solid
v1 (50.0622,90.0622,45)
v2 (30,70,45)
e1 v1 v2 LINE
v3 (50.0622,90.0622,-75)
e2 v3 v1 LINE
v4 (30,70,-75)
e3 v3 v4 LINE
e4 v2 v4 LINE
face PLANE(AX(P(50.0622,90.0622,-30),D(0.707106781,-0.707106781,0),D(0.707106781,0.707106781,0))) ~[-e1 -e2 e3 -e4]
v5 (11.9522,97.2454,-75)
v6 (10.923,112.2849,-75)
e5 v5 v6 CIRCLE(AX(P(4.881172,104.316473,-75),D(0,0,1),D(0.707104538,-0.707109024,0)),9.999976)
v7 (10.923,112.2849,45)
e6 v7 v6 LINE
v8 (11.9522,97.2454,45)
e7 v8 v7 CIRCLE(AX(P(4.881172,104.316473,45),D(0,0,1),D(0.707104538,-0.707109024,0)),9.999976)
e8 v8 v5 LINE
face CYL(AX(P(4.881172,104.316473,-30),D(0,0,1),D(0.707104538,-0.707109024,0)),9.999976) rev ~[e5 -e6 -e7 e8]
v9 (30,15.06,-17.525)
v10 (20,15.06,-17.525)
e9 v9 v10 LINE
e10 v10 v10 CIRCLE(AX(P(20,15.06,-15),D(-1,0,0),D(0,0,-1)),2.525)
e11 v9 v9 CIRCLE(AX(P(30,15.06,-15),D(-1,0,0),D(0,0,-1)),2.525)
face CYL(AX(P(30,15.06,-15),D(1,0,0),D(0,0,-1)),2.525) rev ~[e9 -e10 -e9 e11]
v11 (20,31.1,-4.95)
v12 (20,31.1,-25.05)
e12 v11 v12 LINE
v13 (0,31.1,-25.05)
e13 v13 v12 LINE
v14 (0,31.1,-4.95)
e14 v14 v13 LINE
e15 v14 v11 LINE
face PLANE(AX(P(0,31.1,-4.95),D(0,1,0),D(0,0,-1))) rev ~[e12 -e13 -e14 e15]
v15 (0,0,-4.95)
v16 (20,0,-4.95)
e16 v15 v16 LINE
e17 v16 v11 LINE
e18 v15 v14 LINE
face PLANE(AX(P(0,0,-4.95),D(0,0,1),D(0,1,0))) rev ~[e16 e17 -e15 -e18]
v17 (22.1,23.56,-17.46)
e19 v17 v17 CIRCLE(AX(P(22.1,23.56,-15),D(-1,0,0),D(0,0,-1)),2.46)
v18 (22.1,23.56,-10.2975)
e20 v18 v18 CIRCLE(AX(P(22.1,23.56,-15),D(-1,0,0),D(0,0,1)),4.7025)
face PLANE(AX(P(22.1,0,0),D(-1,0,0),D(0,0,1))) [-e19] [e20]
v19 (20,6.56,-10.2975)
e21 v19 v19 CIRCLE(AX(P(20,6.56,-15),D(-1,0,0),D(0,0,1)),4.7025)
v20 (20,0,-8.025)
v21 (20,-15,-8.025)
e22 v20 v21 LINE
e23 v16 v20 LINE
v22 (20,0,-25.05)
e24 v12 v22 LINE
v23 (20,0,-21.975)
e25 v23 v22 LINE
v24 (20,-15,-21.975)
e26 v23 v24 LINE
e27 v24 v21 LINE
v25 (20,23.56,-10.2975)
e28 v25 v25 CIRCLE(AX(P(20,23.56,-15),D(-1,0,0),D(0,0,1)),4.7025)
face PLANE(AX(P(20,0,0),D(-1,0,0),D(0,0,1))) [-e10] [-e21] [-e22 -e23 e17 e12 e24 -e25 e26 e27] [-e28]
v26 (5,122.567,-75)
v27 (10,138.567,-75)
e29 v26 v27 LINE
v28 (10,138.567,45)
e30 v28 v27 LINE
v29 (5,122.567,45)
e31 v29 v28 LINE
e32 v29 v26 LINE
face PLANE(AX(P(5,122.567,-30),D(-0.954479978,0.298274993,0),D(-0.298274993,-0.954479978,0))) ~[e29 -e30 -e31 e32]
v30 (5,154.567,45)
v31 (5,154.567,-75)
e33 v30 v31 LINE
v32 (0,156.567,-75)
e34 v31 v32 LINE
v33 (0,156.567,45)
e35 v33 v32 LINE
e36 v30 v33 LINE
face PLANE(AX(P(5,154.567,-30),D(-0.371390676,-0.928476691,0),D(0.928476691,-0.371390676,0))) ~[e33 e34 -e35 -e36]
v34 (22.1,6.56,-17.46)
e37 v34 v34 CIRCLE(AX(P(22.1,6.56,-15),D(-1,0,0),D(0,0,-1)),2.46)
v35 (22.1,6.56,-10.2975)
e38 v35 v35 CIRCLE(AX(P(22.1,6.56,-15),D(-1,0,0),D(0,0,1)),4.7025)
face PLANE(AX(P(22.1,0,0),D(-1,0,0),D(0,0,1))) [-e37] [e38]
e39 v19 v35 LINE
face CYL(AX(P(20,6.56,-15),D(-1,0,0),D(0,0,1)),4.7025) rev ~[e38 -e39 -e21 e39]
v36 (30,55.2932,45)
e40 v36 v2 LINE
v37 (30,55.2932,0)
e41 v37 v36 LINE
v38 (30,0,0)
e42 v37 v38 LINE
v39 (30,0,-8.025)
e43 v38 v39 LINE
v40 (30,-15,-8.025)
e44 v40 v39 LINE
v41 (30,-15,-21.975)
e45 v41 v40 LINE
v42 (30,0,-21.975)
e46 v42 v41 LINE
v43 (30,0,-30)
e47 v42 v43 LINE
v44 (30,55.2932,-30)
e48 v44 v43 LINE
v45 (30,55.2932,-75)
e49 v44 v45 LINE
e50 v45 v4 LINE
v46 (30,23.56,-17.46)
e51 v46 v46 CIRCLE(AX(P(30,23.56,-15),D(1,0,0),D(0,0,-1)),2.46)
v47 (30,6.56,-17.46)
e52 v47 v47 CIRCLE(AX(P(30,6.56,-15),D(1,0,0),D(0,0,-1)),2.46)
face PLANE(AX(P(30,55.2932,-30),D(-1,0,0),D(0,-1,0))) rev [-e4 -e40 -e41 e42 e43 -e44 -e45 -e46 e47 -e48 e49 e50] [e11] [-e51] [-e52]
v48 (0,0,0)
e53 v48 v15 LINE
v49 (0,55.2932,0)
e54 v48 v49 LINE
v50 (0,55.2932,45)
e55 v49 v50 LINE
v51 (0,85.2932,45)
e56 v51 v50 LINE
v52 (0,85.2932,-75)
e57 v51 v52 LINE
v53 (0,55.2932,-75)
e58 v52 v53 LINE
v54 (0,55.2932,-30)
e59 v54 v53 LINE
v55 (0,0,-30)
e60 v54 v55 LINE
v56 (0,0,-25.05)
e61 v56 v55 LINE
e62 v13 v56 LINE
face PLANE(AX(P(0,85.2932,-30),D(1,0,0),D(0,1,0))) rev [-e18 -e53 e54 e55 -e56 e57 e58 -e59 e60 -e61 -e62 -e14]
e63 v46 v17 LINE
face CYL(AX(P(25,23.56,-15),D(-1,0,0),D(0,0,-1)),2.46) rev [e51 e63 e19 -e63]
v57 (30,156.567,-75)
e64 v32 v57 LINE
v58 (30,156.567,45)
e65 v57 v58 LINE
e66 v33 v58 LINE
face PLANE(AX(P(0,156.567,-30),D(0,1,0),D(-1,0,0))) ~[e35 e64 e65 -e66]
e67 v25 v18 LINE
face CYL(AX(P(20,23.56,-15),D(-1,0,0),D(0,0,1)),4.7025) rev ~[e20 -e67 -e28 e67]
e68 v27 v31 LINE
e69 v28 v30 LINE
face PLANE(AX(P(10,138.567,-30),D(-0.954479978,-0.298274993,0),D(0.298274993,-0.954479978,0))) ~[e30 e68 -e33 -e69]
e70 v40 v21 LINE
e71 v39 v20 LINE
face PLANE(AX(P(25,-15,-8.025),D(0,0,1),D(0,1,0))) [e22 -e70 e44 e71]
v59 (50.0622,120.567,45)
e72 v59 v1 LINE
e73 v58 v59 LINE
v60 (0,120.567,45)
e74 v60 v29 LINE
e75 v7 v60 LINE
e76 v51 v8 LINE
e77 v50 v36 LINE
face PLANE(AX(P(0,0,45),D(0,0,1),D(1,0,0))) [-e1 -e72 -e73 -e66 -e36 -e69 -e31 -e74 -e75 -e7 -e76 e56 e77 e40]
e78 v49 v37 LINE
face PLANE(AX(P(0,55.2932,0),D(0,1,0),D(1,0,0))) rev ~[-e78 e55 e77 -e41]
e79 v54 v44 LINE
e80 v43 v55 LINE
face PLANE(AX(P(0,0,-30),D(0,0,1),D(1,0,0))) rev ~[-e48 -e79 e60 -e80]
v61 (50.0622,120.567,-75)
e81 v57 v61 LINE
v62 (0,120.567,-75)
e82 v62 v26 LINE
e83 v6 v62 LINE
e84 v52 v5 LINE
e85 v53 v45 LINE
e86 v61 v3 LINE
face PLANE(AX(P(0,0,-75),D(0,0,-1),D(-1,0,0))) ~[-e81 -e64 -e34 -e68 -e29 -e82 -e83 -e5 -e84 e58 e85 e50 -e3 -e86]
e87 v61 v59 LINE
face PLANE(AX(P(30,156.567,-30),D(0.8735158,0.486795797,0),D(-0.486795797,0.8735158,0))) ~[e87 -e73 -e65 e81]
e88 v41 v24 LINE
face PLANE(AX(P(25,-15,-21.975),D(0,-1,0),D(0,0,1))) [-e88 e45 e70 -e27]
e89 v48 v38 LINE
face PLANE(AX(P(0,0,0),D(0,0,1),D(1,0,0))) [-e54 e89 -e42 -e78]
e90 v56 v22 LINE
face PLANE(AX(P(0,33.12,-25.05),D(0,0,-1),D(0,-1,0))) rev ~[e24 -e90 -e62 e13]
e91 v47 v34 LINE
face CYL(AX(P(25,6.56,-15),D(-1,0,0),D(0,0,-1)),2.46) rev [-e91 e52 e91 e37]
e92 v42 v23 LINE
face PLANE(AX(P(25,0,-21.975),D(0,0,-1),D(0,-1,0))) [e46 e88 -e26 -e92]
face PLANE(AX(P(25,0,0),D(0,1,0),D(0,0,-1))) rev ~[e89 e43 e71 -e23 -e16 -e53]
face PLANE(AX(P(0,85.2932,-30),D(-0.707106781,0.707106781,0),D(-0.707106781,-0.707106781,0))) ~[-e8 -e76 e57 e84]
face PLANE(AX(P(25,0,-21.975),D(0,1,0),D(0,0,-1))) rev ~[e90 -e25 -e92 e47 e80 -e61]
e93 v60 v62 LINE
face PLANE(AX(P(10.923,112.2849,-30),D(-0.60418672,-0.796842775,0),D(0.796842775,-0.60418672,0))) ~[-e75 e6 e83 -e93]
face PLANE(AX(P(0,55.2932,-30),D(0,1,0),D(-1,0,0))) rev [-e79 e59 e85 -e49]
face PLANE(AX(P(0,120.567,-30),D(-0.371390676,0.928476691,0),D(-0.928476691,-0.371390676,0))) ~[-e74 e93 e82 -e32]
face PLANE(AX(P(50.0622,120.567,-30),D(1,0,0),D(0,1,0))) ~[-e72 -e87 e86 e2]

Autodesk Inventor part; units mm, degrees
ref_plane "YZ Plane" through (0, 0, 0) normal (1, 0, 0) x (0, 1, 0)
ref_plane "XZ Plane" through (0, 0, 0) normal (0, 1, 0) x (-1, 0, 0)
sketch "Sketch1" plane through (0, 0, 0) normal (0, 0, 1) x (1, 0, 0)
  line L0 (0, 0) -> (25, 0)
  line L1 (25, 0) -> (25, 40)
  line L2 (25, 40) -> (0, 40)
  line L3 (0, 40) -> (0, 0)
  dimension "d1" = 25
  dimension "d2" = 40
  dimension "d3" = 25
extrude "Extrusion1" add sketch "Sketch1" against normal blind 30
sketch "Sketch2" plane through (25, 0, 0) normal (1, 0, 0) x (0, 0, -1)
  line L0 (0, 0) -> (30, 0) projected
  circle A0 centre (15, 6.56) radius 2.46
extrude "Extrusion2" cut sketch "Sketch2" against normal blind 30
sketch "Sketch3" plane through (0, 0, 0) normal (-1, 0, 0) x (0, 0, 1)
  line L0 (0, 0) -> (-30, 0) projected
  line L1 (-25.05, 0) -> (-4.95, 0)
  line L2 (-4.95, 0) -> (-4.95, 33.12)
  line L3 (-4.95, 33.12) -> (-25.05, 33.12)
  line L4 (-25.05, 33.12) -> (-25.05, 0)
  dimension "d11" = 20.1
extrude "Extrusion3" cut sketch "Sketch3" against normal blind 20
sketch "Sketch4" plane through (0, 0, 0) normal (0, -1, 0) x (1, 0, 0)
  line L0 (20, -4.95) -> (20, -25.05) projected
  line L1 (20, -15) -> (25, -15)
  line L2 (25, 0) -> (25, -30) projected
  line L3 (20, -8.025) -> (25, -8.025)
  line L4 (25, -8.025) -> (25, -21.975)
  line L5 (25, -21.975) -> (20, -21.975)
  line L6 (20, -21.975) -> (20, -8.025)
  line L7 (20, -8.025) -> (25, -21.975) construction
  line L8 (25, -8.025) -> (20, -21.975) construction
  line L9 (25, -12.54) -> (25, -17.46) projected
  point P0 (0, 0)
  point P1 (22.5, -15)
  dimension "d14" = 13.95
extrude "Extrusion4" add sketch "Sketch4" along normal blind 15
sketch "Sketch5" plane through (20, 0, 0) normal (-1, 0, 0) x (0, 0, 1)
  circle A0 centre (-15, 6.56) radius 2.46 projected
  circle A1 centre (-15, 6.56) radius 4.7025
  circle A2 centre (-15, 6.56) radius 2.46 projected
  circle A3 centre (-15, 6.56) radius 2.46
  point P0 (0, 0)
  dimension "d17" = 9.405
extrude "Extrusion5" cut sketch "Sketch5" against normal blind 2.1
sketch "Sketch6" plane through (25, 0, 0) normal (1, 0, 0) x (0, 0, -1)
  circle A0 centre (15, 6.56) radius 4.7025 projected
  line L0 (15, 6.56) -> (15, 23.56)
  circle A1 centre (15, 23.56) radius 2.46
  point P0 (0, 0)
  dimension "d20" = 17
  dimension "d21" = 4.92
extrude "Extrusion6" cut sketch "Sketch6" against normal blind 10 contours A1
sketch "Sketch7" plane through (20, 0, 0) normal (-1, 0, 0) x (0, 0, 1)
  circle A0 centre (-15, 23.56) radius 2.46 projected
  circle A1 centre (-15, 23.56) radius 4.7025
  point P0 (0, 0)
  dimension "d24" = 9.405
extrude "Extrusion7" cut sketch "Sketch7" against normal blind 2.1
sketch "Sketch9" plane through (25, 0, 0) normal (1, 0, 0) x (0, 0, -1)
  circle A0 centre (15, 6.56) radius 2.46 projected
  circle A1 centre (15, 6.56) radius 2.46
  circle A2 centre (15, 23.56) radius 2.46 projected
  circle A3 centre (15, 23.56) radius 2.46
  line L0 (30, 40) -> (30, 0) projected
  line L1 (30, 0) -> (30, 40)
  line L2 (30, 40) -> (0, 40)
  line L3 (0, 40) -> (0, 0)
  line L4 (0, 0) -> (8.025, 0) projected
  line L5 (21.975, 0) -> (21.975, -15)
  line L6 (21.975, -15) -> (8.025, -15)
  line L7 (8.025, -15) -> (8.025, 0)
  line L8 (0, 0) -> (8.025, 0)
  line L9 (21.975, 0) -> (30, 0)
extrude "Extrusion8" add sketch "Sketch9" along normal blind 5
sketch "Sketch10" plane through (0, 40, 0) normal (0, 1, 0) x (1, 0, 0)
  line L0 (0, 30) -> (30, 30) projected
  line L1 (30, 0) -> (0, 0) projected
  line L2 (0, 30) -> (30, 30)
  line L3 (30, 30) -> (30, 0)
  line L4 (30, 0) -> (0, 0)
  line L5 (0, 0) -> (0, 30)
extrude "Extrusion9" add sketch "Sketch10" along normal blind 30
sketch "Sketch12" plane through (30, 0, 0) normal (1, 0, 0) x (0, 0, -1)
  circle A0 centre (15, 6.56) radius 2.46 projected
  line L0 (15, 6.56) -> (15, 15.06)
  circle A1 centre (15, 15.06) radius 2.525
  point P0 (0, 0)
  dimension "d31" = 8.5
  dimension "d33" = 5.05
extrude "Extrusion10" cut sketch "Sketch12" against normal blind 30 contours A1
sketch "Sketch15" plane through (0, 0, -25.05) normal (-1, 0, 0) x (0, 0, 1)
  line L0 (0, 33.12) -> (20.1, 33.12) projected
  line L1 (20.1, 33.12) -> (20.1, 0) projected
  line L2 (0, 33.12) -> (20.1, 33.12)
  line L3 (20.1, 33.12) -> (20.1, 31.1)
  line L4 (20.1, 31.1) -> (0, 31.1)
  line L5 (0, 31.1) -> (0, 33.12)
  point P0 (25.05, 0)
  dimension "d57" = 2.02
extrude "Extrusion13" add sketch "Sketch15" against normal blind 20
sketch "Sketch17" plane through (0, 0, 0) normal (0, 0, 1) x (1, 0, 0)
  line L0 (0, 70) -> (30, 70) projected
  line L1 (30, 70) -> (50.0622, 90.0622)
  line L2 (30, 70) -> (80, 70) construction
  line L3 (11.9522, 97.2454) -> (0, 85.2932)
  line L4 (0, 70) -> (0, 85.2932)
  line L5 (0, 70) -> (0, 0) projected
  line L6 (0, 70) -> (30, 70)
  line L7 (10.923, 112.2849) -> (0, 120.567)
  line L8 (50.0622, 105.3553) -> (50.0622, 120.567)
  line L9 (50.0622, 105.3553) -> (50.0622, 90.0622)
  arc A0 (11.9522, 97.2454) -> (10.923, 112.2849) centre (4.8811, 104.3165) ccw
  line L10 (0, 156.567) -> (30, 156.567)
  line L11 (30, 156.567) -> (50.0622, 120.567)
  line L12 (5, 154.567) -> (0, 156.567)
  line L13 (5, 122.567) -> (0, 120.567)
  line L14 (5, 122.567) -> (10, 138.567)
  line L15 (10, 138.567) -> (5, 154.567)
  dimension "d61" = 45
  dimension "d62" = 32.0271
  dimension "d72" = 10
extrude "Extrusion14" add sketch "Sketch17" against normal blind 30
sketch "Sketch23" plane through (0, 0, 0) normal (0, 0, 1) x (1, 0, 0)
  line L0 (50.0622, 90.0622) -> (30, 70) projected
  line L1 (30, 70) -> (50.0622, 90.0622)
  line L2 (50.0622, 120.567) -> (50.0622, 90.0622) projected
  line L3 (50.0622, 90.0622) -> (50.0622, 120.567)
  line L4 (30, 156.567) -> (50.0622, 120.567) projected
  line L5 (50.0622, 120.567) -> (30, 156.567)
  line L6 (0, 156.567) -> (30, 156.567) projected
  line L7 (30, 156.567) -> (0, 156.567)
  line L8 (5, 154.567) -> (0, 156.567) projected
  line L9 (0, 156.567) -> (5, 154.567)
  line L10 (10, 138.567) -> (5, 154.567) projected
  line L11 (5, 154.567) -> (10, 138.567)
  line L12 (5, 122.567) -> (10, 138.567) projected
  line L13 (10, 138.567) -> (5, 122.567)
  line L14 (0, 120.567) -> (5, 122.567) projected
  line L15 (5, 122.567) -> (0, 120.567)
  line L16 (10.923, 112.2849) -> (0, 120.567) projected
  line L17 (0, 120.567) -> (10.923, 112.2849)
  line L18 (0, 85.2932) -> (11.9522, 97.2454) projected
  line L19 (11.9522, 97.2454) -> (0, 85.2932)
  line L20 (0, 85.2932) -> (0, 55.2932)
  line L21 (0, 0) -> (0, 85.2932) projected
  line L22 (0, 55.2932) -> (30, 55.2932)
  line L23 (30, 0) -> (30, 70) projected
  line L24 (30, 55.2932) -> (30, 70)
  arc A0 (11.9522, 97.2454) -> (10.923, 112.2849) centre (4.8811, 104.3165) ccw
  dimension "d97" = 30
extrude "Extrusion15" add sketch "Sketch23" along normal blind 45
ref_plane "Work Plane1" through (0, 0, -15) normal (0, 0, 1) x (1, 0, 0)
mirror "Mirror1" about plane through (0, 0, -15) normal (0, 0, 1) of "Extrusion15"
properties part number "rec_c_32mm_x_120mm"
